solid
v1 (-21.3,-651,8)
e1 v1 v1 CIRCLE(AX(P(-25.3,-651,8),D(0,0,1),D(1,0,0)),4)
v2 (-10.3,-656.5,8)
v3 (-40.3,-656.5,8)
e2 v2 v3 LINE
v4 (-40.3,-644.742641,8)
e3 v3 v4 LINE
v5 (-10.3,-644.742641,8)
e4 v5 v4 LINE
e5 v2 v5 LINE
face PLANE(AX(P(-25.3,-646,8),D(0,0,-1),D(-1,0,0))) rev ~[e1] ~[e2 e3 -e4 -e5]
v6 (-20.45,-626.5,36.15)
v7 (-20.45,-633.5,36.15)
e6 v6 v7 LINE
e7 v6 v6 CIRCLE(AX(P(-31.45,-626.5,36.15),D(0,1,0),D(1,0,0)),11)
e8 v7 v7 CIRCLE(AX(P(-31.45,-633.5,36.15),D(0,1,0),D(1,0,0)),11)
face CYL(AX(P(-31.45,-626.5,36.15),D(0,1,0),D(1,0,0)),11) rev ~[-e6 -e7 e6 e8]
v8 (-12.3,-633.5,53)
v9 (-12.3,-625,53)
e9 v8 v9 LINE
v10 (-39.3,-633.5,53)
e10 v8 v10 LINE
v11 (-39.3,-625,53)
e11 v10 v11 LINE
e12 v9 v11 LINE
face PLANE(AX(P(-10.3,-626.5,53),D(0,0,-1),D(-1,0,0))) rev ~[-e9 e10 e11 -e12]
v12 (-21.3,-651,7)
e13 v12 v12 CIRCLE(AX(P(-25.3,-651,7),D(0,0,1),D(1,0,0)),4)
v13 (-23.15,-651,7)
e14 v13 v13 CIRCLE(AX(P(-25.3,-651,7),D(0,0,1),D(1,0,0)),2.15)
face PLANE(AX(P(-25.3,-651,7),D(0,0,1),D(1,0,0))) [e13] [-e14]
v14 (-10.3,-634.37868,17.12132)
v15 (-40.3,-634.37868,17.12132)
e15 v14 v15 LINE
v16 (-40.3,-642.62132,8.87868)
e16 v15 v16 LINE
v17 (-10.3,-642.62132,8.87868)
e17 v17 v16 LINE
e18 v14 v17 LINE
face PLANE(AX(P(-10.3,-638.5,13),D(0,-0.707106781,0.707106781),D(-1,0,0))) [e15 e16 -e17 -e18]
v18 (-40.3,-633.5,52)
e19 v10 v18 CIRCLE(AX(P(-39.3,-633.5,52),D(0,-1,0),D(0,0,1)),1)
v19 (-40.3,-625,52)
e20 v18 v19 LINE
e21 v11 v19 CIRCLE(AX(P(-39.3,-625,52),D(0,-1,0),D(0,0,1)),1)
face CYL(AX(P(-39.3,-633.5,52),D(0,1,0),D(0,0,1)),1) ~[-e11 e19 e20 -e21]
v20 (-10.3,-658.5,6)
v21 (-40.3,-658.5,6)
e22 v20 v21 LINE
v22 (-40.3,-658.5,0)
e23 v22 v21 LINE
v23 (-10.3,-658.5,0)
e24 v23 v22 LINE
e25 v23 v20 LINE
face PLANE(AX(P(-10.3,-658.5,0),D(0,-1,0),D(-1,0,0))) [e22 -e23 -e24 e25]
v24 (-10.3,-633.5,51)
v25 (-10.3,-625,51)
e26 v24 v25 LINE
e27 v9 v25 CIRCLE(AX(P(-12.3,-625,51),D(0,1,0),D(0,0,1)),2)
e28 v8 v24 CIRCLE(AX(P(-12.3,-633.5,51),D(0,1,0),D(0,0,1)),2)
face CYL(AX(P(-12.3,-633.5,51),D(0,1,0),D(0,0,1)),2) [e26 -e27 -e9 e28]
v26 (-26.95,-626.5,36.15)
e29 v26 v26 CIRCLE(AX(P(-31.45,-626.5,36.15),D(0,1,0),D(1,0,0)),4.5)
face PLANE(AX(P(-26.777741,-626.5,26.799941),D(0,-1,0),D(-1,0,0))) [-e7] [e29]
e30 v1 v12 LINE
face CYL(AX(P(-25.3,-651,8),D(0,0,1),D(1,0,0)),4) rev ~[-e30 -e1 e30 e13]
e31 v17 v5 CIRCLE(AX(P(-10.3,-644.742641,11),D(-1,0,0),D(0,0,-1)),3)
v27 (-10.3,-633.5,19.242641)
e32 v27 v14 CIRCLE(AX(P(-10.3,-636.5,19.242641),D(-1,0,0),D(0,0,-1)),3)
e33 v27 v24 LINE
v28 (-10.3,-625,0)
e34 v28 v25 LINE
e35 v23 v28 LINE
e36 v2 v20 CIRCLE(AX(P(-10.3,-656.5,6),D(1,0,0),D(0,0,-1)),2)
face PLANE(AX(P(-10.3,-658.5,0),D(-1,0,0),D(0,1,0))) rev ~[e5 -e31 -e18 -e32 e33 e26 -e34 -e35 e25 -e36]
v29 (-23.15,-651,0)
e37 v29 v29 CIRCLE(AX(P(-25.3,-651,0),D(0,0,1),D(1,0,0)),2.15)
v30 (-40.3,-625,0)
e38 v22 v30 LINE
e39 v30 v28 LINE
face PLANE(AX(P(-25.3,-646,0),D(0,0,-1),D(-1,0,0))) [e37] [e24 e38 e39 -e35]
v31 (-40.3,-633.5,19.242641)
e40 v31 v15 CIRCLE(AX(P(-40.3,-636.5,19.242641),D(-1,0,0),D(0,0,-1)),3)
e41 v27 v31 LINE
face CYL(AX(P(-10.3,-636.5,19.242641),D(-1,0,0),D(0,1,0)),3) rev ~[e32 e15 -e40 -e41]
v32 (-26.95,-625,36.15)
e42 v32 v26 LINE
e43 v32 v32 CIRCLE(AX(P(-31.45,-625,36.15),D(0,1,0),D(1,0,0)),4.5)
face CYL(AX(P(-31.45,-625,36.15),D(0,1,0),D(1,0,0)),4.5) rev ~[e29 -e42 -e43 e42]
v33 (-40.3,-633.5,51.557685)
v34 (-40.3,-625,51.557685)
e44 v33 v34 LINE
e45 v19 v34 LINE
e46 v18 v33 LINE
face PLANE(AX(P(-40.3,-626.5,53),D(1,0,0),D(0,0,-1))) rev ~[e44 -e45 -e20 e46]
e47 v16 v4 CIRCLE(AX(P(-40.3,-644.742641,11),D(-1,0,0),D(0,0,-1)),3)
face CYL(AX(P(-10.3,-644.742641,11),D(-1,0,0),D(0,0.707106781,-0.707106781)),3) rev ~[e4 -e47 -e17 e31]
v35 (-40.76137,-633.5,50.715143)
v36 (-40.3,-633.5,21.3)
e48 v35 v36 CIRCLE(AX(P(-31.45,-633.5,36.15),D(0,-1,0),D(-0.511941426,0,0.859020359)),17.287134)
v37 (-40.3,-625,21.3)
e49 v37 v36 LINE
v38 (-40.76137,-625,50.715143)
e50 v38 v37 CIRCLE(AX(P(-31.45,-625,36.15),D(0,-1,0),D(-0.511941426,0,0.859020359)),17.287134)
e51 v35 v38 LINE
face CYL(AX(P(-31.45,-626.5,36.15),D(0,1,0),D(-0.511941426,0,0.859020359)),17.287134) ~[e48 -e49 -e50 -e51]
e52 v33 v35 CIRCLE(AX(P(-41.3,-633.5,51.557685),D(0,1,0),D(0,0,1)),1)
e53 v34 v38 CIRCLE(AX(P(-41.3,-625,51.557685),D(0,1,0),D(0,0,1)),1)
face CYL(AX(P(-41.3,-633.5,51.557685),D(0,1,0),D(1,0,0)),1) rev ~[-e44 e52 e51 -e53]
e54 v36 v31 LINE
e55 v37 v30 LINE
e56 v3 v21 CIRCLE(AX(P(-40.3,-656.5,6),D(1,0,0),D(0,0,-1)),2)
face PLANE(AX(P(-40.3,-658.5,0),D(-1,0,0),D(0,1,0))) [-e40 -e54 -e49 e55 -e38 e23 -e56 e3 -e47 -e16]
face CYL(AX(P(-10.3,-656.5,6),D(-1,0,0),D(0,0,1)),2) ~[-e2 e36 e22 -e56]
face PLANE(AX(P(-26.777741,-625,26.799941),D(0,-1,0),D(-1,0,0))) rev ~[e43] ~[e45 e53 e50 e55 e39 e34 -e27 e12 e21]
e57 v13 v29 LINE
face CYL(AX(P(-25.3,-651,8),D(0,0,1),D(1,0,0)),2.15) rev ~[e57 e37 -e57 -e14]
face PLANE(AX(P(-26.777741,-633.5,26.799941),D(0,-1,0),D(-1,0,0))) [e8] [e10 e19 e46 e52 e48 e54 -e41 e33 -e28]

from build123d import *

# Parameters (mm, degrees)
CROQUIS3_R              = 11
CROQUIS3_R_2            = 4.5
SALIENTE_EXTRUIR2_DEPTH = 1.5
SALIENTE_EXTRUIR3_START = -1.5
CROQUIS3_3_R            = 11
SALIENTE_EXTRUIR3_DEPTH = 7
CROQUIS4_W              = 30
CROQUIS4_H              = 25
SALIENTE_EXTRUIR4_DEPTH = 8
CHAFL_N1_SIZE           = 10
CROQUIS5_R              = 2.15
CORTAR_EXTRUIR1_DEPTH   = 9
REDONDEO1_R             = 1
REDONDEO2_R             = 2
REDONDEO3_R             = 3
REDONDEO4_R             = 2
CROQUIS5_3_R            = 4
CROQUIS5_3_R_2          = 2.15
CORTAR_EXTRUIR2_DEPTH   = 1


with BuildPart() as part:
    # Croquis3 → Saliente-Extruir2 (new body)
    with BuildSketch(Plane(origin=(0, -625, 0), x_dir=(1, 0, 0), z_dir=(0, 1, 0))):
        with BuildLine():
            ThreePointArc((-40.300000436, -51), (-48.73713438, -36.15), (-40.300000436, -21.3))
            Line((-40.300000436, -21.3), (-40.300000436, 0))
            Line((-40.300000436, 0), (-10.300000436, 0))
            Line((-10.300000436, 0), (-10.300000436, -53))
            Line((-10.300000436, -53), (-40.300000436, -53))
            Line((-40.300000436, -53), (-40.300000436, -51))
        make_face()
        with Locations((-31.450000436, -36.15)):
            Circle(CROQUIS3_R, mode=Mode.SUBTRACT)
        with Locations((-31.450000436, -36.15)):
            Circle(CROQUIS3_R)
        with Locations((-31.450000436, -36.15)):
            Circle(CROQUIS3_R_2, mode=Mode.SUBTRACT)
    extrude(amount=-SALIENTE_EXTRUIR2_DEPTH)

    # Croquis3<3> → Saliente-Extruir3 (add)
    with BuildSketch(Plane(origin=(0, -625, 0), x_dir=(1, 0, 0), z_dir=(0, 1, 0)).offset(SALIENTE_EXTRUIR3_START)):
        with BuildLine():
            ThreePointArc((-40.300000436, -51), (-48.73713438, -36.15), (-40.300000436, -21.3))
            Line((-40.300000436, -21.3), (-40.300000436, 0))
            Line((-40.300000436, 0), (-10.300000436, 0))
            Line((-10.300000436, 0), (-10.300000436, -53))
            Line((-10.300000436, -53), (-40.300000436, -53))
            Line((-40.300000436, -53), (-40.300000436, -51))
        make_face()
        with Locations((-31.450000436, -36.15)):
            Circle(CROQUIS3_3_R, mode=Mode.SUBTRACT)
    extrude(amount=-SALIENTE_EXTRUIR3_DEPTH)

    # Croquis4 → Saliente-Extruir4 (add)
    with BuildSketch(Plane(origin=(0, 0, 0), x_dir=(-1, 0, 0), z_dir=(0, 0, -1))):
        with Locations((25.300000436, -646)):
            Rectangle(CROQUIS4_W, CROQUIS4_H)
    extrude(amount=-SALIENTE_EXTRUIR4_DEPTH)

    # Chaflán1
    chafl_n1_edges = [part.edges().sort_by_distance(p)[0] for p in [
        (-25.300000436, -633.5, 8),
    ]]
    chamfer(chafl_n1_edges, length=CHAFL_N1_SIZE)

    # Croquis5 → Cortar-Extruir1 (cut, through all)
    with BuildSketch(Plane.XY.offset(8)):
        with Locations((-25.300000436, -651)):
            Circle(CROQUIS5_R)
    extrude(amount=-CORTAR_EXTRUIR1_DEPTH, mode=Mode.SUBTRACT)

    # Redondeo1
    redondeo1_edges = [part.edges().sort_by_distance(p)[0] for p in [
        (-40.300000436, -629.25, 53),
        (-40.300000436, -629.25, 51),
    ]]
    fillet(redondeo1_edges, radius=REDONDEO1_R)

    # Redondeo2
    redondeo2_edges = [part.edges().sort_by_distance(p)[0] for p in [
        (-10.300000436, -629.25, 53),
    ]]
    fillet(redondeo2_edges, radius=REDONDEO2_R)

    # Redondeo3
    redondeo3_edges = [part.edges().sort_by_distance(p)[0] for p in [
        (-25.300000436, -633.5, 18),
        (-25.300000436, -643.5, 8),
    ]]
    fillet(redondeo3_edges, radius=REDONDEO3_R)

    # Redondeo4
    redondeo4_edges = [part.edges().sort_by_distance(p)[0] for p in [
        (-25.300000436, -658.5, 8),
    ]]
    fillet(redondeo4_edges, radius=REDONDEO4_R)

    # Croquis5<3> → Cortar-Extruir2 (cut)
    with BuildSketch(Plane.XY.offset(8)):
        with Locations((-25.300000436, -651)):
            Circle(CROQUIS5_3_R)
        with Locations((-25.300000436, -651)):
            Circle(CROQUIS5_3_R_2, mode=Mode.SUBTRACT)
    extrude(amount=-CORTAR_EXTRUIR2_DEPTH, mode=Mode.SUBTRACT)


solid = part.part
